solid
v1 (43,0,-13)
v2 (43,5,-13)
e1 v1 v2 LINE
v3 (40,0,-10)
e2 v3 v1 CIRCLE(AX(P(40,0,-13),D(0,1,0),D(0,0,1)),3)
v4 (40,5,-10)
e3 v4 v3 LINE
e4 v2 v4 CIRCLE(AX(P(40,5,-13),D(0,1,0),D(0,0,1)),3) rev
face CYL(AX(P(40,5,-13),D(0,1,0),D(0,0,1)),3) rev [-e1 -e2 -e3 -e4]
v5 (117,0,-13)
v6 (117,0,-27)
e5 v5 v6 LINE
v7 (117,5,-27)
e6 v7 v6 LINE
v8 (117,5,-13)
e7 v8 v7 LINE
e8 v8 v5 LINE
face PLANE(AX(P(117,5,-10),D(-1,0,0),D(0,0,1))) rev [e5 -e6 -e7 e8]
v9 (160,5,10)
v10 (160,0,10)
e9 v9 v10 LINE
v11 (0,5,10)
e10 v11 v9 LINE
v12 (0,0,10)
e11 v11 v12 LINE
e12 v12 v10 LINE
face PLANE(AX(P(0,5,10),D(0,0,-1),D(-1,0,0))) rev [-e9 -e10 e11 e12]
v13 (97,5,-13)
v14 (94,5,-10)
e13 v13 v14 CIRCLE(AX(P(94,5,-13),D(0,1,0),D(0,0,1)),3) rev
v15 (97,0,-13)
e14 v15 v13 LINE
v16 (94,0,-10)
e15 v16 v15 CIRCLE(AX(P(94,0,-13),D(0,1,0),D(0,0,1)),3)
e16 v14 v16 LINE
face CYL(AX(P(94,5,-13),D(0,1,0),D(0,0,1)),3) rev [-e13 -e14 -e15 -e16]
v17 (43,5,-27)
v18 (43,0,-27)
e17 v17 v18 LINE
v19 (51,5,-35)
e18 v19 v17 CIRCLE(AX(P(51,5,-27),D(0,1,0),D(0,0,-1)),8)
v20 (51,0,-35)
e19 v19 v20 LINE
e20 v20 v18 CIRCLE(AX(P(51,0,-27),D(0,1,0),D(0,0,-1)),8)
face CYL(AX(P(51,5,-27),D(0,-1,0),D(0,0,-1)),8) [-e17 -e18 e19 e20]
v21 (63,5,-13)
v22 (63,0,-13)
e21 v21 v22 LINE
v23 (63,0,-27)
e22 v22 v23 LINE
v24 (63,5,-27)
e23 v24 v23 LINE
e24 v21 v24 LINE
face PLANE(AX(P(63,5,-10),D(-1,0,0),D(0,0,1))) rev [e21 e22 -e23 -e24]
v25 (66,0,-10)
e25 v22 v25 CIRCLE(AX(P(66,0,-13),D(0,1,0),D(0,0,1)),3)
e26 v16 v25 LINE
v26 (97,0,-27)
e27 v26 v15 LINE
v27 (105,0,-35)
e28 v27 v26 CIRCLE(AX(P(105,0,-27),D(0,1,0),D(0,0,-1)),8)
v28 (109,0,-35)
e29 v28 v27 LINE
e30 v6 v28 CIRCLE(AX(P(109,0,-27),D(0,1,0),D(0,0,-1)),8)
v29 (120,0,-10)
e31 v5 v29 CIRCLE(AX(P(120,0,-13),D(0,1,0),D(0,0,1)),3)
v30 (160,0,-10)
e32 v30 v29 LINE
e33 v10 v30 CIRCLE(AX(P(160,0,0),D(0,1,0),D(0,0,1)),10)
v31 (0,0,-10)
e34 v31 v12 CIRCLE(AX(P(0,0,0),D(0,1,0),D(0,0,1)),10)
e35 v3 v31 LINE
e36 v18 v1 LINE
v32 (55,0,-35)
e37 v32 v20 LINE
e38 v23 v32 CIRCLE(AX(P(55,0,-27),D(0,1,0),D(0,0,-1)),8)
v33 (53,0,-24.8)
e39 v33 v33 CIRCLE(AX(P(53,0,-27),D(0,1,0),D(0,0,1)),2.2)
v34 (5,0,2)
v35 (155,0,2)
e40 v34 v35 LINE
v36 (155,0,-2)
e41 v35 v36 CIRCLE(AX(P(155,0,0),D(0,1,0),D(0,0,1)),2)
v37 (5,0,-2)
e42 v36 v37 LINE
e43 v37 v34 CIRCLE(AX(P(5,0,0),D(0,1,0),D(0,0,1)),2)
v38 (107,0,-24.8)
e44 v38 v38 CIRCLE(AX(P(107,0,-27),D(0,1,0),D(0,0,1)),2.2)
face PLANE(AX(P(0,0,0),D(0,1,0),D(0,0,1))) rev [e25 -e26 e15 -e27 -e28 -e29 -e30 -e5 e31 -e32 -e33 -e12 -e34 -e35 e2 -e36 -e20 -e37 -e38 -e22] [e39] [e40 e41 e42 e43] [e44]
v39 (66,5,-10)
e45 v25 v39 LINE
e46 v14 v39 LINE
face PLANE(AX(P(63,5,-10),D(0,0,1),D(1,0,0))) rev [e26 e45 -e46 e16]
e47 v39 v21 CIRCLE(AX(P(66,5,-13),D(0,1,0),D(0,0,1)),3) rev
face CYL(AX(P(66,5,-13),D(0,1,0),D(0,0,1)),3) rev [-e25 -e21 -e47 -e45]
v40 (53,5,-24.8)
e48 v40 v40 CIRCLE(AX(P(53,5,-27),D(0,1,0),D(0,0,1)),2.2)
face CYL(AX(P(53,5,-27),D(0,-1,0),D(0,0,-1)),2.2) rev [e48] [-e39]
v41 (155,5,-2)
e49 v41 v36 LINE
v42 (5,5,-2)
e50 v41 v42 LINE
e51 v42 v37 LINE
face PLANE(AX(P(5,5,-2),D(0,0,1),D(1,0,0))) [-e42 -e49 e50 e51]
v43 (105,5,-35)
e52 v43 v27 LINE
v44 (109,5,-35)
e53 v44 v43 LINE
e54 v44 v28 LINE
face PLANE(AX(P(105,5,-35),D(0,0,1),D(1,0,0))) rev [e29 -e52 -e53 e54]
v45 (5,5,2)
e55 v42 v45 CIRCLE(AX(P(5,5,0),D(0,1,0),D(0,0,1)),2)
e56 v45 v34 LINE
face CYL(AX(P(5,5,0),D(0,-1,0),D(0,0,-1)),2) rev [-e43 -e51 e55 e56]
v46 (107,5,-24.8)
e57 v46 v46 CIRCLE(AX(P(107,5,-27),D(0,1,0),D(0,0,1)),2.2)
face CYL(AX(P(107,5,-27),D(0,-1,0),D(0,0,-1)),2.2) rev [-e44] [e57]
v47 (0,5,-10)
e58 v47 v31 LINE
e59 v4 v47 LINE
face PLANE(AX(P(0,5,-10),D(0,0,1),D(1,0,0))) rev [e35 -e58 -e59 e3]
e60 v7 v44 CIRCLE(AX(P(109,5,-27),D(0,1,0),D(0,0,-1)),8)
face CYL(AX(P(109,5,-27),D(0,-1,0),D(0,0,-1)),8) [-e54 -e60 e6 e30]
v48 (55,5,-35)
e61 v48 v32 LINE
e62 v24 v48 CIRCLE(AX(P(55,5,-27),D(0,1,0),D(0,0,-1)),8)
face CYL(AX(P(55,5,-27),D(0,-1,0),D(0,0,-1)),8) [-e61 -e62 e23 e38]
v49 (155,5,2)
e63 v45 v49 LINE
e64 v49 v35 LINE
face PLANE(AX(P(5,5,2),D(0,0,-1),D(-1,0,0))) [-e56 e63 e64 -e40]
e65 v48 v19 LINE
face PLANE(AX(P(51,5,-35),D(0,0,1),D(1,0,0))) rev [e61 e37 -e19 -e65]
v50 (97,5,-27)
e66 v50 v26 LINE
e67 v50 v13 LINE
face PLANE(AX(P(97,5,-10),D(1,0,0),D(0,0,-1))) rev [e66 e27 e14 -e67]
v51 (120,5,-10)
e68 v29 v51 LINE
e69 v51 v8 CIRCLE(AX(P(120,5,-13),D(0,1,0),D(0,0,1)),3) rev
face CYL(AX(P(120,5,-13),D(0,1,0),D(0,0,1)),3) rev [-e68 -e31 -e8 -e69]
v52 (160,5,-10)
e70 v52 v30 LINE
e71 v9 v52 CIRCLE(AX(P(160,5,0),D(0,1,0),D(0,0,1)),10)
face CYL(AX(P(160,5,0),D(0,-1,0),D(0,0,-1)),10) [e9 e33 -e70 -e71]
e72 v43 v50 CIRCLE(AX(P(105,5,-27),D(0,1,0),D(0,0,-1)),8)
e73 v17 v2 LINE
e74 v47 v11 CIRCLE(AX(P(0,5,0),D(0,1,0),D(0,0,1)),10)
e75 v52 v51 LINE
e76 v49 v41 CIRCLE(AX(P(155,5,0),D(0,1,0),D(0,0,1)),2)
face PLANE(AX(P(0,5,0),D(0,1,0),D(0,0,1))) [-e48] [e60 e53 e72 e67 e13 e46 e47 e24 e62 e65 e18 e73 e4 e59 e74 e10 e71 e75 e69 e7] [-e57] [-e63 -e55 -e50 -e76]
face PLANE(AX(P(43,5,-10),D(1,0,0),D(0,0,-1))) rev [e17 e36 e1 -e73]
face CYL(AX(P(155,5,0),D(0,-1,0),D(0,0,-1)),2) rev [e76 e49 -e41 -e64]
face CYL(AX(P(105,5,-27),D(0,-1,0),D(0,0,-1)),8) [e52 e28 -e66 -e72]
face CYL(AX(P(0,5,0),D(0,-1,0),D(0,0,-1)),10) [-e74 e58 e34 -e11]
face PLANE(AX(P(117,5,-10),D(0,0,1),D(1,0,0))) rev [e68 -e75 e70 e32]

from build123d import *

# Parameters (mm, degrees)
SKETCH1_R           = 2.2
BOSS_EXTRUDE1_DEPTH = 5
FILLET1_R           = 3


with BuildPart() as part:
    # Sketch1 → Boss-Extrude1 (new body)
    with BuildSketch(Plane(origin=(0, 0, 0), x_dir=(1, 0, 0), z_dir=(0, 1, 0))):
        with BuildLine():
            Line((0, 10), (43, 10))
            Line((43, 10), (43, 27))
            ThreePointArc((43, 27), (45.343145751, 32.656854249), (51, 35))
            Line((51, 35), (55, 35))
            ThreePointArc((55, 35), (60.656854249, 32.656854249), (63, 27))
            Line((63, 27), (63, 10))
            Line((63, 10), (97, 10))
            Line((97, 10), (97, 27))
            ThreePointArc((97, 27), (99.343145751, 32.656854249), (105, 35))
            Line((105, 35), (109, 35))
            ThreePointArc((109, 35), (114.656854249, 32.656854249), (117, 27))
            Line((117, 27), (117, 10))
            Line((117, 10), (160, 10))
            ThreePointArc((160, 10), (170, 0), (160, -10))
            Line((160, -10), (0, -10))
            ThreePointArc((0, -10), (-10, 0), (0, 10))
        make_face()
        with Locations((53, 27)):
            Circle(SKETCH1_R, mode=Mode.SUBTRACT)
        with Locations((107, 27)):
            Circle(SKETCH1_R, mode=Mode.SUBTRACT)
        with BuildLine():
            Line((5, 2), (155, 2))
            ThreePointArc((155, 2), (157, 0), (155, -2))
            Line((155, -2), (5, -2))
            ThreePointArc((5, -2), (3, 0), (5, 2))
        make_face(mode=Mode.SUBTRACT)
    extrude(amount=BOSS_EXTRUDE1_DEPTH)

    # Fillet1
    fillet1_edges = [part.edges().sort_by_distance(p)[0] for p in [
        (117, 2.5, -10),
        (97, 2.5, -10),
        (63, 2.5, -10),
        (43, 2.5, -10),
    ]]
    fillet(fillet1_edges, radius=FILLET1_R)


solid = part.part
